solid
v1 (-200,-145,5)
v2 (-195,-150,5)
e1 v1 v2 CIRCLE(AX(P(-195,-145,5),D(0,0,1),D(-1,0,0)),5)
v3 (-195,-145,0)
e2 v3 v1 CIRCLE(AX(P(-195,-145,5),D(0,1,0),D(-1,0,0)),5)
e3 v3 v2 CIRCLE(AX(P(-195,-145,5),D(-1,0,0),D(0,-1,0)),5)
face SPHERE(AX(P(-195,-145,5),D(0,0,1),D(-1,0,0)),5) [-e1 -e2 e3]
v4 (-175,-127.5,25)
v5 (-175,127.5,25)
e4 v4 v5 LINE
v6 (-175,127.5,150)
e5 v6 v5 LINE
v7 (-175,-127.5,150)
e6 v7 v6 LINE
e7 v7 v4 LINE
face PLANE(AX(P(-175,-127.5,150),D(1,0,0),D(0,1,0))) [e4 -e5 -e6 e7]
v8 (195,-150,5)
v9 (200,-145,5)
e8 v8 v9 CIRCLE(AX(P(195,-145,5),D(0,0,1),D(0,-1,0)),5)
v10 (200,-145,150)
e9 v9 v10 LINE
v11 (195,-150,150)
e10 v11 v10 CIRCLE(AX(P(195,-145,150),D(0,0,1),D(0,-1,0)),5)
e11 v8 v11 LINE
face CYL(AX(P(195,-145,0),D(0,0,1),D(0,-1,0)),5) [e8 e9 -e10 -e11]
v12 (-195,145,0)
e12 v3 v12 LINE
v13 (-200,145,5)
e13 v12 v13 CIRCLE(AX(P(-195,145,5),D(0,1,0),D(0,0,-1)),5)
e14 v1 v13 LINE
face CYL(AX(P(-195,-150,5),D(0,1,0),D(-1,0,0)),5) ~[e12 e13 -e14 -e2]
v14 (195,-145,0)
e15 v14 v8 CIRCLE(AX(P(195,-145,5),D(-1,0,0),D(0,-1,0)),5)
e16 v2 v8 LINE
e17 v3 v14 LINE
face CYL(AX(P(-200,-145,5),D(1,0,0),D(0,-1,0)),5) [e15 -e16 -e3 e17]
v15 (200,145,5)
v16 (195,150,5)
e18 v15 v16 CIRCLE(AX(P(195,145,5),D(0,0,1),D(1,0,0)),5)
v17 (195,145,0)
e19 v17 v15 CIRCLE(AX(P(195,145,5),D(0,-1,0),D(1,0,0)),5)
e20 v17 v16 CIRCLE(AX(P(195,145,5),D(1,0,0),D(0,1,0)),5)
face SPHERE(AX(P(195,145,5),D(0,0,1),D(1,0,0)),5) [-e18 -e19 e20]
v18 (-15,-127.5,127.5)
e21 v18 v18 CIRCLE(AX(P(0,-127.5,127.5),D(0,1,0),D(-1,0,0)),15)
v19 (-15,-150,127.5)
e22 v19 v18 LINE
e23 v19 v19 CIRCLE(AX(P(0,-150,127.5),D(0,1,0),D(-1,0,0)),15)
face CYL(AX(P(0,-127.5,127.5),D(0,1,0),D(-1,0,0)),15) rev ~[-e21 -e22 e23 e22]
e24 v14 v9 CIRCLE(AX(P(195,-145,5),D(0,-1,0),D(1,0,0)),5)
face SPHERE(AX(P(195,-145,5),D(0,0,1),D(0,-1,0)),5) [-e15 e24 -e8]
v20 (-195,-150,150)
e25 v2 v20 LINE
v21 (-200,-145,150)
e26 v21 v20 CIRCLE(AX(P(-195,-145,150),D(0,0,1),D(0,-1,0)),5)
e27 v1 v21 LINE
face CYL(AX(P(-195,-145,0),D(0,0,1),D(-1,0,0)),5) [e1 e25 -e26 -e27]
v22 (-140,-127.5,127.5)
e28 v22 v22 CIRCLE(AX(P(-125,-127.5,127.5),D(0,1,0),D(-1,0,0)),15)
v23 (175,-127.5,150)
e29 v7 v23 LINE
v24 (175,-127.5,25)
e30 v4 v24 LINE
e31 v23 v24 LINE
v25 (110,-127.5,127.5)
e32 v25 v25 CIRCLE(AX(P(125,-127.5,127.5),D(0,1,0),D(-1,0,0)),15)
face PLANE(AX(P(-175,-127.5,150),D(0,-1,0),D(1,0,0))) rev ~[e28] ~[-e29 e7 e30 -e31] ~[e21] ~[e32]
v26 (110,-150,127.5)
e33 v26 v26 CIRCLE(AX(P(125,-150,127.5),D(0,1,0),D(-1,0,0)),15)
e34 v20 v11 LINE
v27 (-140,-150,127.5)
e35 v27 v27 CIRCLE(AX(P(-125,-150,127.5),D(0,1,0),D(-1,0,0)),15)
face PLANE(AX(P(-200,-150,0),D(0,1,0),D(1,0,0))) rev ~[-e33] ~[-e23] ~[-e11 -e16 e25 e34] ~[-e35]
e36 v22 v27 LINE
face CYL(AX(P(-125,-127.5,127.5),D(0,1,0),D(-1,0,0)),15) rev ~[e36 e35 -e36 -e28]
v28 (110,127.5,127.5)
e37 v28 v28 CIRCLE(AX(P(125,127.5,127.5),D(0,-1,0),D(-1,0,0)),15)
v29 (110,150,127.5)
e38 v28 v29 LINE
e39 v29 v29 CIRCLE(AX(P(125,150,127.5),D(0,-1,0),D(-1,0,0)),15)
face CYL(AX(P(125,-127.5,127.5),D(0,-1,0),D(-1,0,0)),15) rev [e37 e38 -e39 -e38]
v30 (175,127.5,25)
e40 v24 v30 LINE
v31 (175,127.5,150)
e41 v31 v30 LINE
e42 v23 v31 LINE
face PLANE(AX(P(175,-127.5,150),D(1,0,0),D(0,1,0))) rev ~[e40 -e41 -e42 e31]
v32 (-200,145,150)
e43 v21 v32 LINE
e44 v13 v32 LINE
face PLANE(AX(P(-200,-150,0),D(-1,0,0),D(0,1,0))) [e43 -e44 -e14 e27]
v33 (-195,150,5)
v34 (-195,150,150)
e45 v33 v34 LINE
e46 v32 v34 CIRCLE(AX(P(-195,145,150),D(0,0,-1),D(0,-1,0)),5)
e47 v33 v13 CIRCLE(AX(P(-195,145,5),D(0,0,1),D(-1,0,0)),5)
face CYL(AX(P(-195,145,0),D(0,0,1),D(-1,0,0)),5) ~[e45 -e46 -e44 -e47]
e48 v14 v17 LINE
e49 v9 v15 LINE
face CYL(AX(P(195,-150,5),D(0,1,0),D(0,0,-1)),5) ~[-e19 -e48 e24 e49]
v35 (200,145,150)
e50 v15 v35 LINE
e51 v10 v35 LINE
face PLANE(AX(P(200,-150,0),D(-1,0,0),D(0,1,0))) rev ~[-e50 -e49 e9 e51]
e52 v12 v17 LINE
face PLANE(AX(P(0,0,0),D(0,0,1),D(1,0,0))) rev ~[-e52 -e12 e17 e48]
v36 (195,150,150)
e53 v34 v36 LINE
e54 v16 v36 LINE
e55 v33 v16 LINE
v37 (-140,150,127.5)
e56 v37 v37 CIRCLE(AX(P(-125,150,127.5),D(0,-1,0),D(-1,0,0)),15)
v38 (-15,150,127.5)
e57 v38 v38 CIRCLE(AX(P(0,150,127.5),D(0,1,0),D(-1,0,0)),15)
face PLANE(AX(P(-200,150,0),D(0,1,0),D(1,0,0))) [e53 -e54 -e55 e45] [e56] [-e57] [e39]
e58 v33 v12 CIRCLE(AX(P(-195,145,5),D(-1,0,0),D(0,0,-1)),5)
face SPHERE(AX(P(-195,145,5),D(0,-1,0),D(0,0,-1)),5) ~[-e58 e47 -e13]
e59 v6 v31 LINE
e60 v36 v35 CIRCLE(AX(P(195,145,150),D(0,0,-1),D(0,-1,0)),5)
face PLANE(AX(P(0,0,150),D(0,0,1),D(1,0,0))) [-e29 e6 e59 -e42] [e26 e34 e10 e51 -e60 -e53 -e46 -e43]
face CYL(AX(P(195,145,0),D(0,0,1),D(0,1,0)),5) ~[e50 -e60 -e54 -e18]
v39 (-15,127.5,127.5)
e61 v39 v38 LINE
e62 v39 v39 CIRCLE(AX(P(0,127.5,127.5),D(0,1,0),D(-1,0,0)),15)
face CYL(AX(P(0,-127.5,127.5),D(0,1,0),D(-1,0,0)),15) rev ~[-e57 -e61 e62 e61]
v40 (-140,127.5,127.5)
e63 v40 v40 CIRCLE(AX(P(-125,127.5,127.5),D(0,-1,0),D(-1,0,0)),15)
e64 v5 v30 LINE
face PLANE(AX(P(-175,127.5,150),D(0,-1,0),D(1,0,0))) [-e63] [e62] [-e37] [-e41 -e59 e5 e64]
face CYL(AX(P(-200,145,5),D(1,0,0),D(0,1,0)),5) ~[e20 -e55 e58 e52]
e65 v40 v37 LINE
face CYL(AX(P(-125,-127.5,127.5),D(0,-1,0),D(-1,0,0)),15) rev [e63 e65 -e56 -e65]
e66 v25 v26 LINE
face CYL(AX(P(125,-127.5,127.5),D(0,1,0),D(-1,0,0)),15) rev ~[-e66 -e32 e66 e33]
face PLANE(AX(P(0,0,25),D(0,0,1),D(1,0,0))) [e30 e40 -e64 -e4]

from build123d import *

# Parameters (mm, degrees)
F0_W     = 400
F0_H     = 300
F1_DEPTH = 150
F2_W     = 350
F2_H     = 255
F3_DEPTH = 125
F4_R     = 5
F5_R     = 15
F6_DEPTH = 402


with BuildPart() as f1:
    # F0 (on Top) → F1 (new body)
    with BuildSketch(Plane.XY):
        Rectangle(F0_W, F0_H)
    extrude(amount=F1_DEPTH)

    # F2 (on face) → F3 (cut)
    with BuildSketch(Plane.XY.offset(150)):
        Rectangle(F2_W, F2_H)
    extrude(amount=-F3_DEPTH, mode=Mode.SUBTRACT)

    # F4
    f4_edges = [f1.edges().sort_by_distance(p)[0] for p in [
        (200, 150, 75),
        (200, -150, 75),
        (-200, -150, 75),
        (-200, 0, 0),
        (0, -150, 0),
        (200, 0, 0),
        (0, 150, 0),
        (-200, 150, 75),
    ]]
    fillet(f4_edges, radius=F4_R)

    # F5 (on face) → F6 (cut, symmetric)
    with BuildSketch(Plane(origin=(0, -127.5, 0), x_dir=(-1, 0, 0), z_dir=(0, 1, 0))):
        with Locations((125, 127.5)):
            Circle(F5_R)
        with Locations((-125, 127.5)):
            Circle(F5_R)
        with Locations((0, 127.5)):
            Circle(F5_R)
    extrude(amount=F6_DEPTH, both=True, mode=Mode.SUBTRACT)


solid = f1.part
